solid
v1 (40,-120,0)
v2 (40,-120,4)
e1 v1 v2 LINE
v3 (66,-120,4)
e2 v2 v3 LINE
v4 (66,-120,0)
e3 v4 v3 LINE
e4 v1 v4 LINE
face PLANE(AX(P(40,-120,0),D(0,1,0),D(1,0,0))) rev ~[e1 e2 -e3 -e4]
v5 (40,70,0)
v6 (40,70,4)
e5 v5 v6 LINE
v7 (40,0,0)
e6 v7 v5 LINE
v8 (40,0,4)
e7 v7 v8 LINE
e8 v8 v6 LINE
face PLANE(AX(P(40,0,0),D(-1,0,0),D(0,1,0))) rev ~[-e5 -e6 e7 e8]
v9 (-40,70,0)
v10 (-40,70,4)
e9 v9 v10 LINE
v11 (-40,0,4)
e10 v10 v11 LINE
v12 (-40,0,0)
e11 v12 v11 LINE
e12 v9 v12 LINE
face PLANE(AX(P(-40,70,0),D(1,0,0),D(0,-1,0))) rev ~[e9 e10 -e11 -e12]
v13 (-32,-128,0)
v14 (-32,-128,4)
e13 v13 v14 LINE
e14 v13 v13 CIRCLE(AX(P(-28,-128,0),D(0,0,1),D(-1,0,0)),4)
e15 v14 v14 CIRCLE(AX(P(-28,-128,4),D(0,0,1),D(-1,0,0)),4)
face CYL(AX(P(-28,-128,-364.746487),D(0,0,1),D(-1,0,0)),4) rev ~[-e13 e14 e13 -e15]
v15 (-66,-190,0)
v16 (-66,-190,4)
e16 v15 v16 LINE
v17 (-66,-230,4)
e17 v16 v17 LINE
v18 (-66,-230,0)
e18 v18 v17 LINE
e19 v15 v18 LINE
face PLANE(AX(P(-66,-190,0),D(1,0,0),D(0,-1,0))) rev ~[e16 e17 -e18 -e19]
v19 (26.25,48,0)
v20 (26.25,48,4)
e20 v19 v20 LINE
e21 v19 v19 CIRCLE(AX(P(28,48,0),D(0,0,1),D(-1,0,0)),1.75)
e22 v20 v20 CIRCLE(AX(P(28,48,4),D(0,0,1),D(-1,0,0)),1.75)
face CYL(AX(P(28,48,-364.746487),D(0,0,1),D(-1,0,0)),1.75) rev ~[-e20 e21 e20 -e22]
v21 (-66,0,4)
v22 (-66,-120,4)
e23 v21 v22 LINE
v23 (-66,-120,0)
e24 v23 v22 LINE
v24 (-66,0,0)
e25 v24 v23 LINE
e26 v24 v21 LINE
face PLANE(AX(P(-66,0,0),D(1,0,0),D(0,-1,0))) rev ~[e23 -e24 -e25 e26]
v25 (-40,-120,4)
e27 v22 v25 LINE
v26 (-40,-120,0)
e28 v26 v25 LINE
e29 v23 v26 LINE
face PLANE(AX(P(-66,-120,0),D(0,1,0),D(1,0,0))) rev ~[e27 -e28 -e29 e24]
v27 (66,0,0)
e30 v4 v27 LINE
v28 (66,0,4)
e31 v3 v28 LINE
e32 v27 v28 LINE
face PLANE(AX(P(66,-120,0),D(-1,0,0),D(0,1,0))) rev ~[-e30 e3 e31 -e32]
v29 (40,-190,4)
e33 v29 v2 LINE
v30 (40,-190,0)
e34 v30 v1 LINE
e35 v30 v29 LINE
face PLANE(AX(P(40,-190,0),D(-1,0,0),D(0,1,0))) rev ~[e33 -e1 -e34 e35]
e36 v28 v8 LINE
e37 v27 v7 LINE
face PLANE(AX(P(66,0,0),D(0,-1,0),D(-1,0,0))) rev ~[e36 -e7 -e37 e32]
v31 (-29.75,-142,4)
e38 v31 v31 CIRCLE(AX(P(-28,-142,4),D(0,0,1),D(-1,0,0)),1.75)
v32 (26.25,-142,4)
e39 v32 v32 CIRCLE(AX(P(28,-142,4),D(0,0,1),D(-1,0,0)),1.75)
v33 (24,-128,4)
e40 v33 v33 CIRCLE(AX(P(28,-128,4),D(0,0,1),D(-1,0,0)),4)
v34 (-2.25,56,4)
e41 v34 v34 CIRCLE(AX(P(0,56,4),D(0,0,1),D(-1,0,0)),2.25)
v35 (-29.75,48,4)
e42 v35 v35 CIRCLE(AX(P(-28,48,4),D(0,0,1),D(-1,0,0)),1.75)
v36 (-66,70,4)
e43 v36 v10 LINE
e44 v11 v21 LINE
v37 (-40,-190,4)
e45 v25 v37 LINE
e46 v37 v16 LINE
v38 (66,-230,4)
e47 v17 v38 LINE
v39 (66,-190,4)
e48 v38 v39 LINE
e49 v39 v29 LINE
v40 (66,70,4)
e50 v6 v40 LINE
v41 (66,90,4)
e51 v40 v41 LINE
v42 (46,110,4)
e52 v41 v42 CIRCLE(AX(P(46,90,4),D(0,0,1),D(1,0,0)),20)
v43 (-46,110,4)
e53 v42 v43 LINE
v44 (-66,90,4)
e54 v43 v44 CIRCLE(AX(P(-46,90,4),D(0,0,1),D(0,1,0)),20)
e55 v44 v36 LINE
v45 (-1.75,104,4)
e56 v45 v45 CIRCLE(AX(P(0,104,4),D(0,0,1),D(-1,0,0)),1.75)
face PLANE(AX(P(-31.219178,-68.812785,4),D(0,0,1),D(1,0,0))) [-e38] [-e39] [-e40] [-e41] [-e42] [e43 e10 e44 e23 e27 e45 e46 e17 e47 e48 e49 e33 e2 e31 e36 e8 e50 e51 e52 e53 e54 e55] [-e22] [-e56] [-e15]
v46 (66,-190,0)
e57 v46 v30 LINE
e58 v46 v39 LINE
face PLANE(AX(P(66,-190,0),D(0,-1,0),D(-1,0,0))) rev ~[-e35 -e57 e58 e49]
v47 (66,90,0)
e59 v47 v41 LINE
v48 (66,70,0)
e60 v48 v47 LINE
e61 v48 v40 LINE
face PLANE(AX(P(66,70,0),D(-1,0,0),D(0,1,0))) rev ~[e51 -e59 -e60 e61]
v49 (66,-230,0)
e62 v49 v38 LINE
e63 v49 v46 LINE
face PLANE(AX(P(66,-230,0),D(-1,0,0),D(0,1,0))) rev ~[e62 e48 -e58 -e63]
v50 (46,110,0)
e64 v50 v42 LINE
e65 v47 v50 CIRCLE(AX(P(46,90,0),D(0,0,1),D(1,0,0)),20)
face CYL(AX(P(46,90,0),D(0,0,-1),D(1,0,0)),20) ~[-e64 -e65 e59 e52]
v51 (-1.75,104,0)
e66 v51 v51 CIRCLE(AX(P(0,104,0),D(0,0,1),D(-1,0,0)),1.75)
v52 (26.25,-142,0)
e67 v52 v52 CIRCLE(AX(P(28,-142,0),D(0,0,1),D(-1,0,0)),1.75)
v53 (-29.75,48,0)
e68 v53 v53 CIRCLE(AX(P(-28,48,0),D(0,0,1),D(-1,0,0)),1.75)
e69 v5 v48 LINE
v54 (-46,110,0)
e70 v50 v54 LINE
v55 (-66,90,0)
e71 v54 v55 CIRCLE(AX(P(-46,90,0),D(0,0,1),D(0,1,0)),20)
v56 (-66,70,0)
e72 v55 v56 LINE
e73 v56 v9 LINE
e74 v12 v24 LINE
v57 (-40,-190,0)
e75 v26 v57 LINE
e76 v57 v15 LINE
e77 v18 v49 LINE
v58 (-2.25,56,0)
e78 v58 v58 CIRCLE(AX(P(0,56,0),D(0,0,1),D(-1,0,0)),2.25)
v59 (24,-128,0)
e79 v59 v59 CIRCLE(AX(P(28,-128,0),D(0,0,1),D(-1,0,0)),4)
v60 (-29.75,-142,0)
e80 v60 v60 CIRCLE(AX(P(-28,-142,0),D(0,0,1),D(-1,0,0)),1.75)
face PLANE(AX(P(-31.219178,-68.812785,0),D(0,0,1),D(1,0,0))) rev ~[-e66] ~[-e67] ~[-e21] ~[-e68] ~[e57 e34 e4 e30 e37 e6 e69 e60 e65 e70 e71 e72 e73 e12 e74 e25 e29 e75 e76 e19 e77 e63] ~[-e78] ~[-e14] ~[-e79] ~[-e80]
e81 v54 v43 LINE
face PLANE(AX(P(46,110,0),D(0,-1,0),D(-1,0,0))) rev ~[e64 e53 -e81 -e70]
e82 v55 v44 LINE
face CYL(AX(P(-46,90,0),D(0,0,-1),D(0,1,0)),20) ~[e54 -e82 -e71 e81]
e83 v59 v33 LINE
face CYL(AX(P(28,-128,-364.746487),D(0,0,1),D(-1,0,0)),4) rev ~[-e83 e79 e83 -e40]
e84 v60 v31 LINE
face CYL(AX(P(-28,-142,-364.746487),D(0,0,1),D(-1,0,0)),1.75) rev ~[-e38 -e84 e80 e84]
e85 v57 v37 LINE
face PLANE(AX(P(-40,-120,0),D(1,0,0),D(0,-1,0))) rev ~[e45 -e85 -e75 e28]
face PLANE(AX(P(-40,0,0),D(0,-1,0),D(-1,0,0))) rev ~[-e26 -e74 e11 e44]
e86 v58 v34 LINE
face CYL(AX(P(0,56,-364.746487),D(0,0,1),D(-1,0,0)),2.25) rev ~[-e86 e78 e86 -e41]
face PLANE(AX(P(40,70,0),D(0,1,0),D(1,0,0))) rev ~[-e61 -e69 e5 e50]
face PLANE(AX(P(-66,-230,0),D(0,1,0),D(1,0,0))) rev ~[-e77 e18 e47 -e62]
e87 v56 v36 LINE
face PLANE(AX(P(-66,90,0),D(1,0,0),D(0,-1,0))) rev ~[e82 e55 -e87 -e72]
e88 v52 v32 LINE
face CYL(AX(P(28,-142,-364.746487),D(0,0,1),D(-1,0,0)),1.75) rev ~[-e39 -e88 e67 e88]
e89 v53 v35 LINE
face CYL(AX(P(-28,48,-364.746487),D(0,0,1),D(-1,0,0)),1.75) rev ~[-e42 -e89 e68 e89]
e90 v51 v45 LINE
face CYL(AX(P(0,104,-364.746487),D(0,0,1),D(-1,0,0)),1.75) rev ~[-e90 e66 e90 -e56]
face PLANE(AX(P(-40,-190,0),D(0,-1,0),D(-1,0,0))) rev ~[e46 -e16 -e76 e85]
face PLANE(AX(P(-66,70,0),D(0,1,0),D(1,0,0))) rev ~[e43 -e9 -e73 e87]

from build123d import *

# Parameters (mm, degrees)
F1_DEPTH = 4
F2_D     = 8
F3_D     = 3.5
F4_D     = 8
F5_D     = 3.5
F6_D     = 4.5
F7_D     = 3.5


with BuildPart() as f1:
    # F0 (on Top) → F1 (new body)
    with BuildSketch(Plane.XY):
        Polygon((-40, 90), (-66, 90), (-66, 70), (-41.2157141343, 70), (-40, 70), (-40, 62.8748962879), (-40, 56), (-40, 48), (-40, 0), (-66, 0), (-66, -120), (-40, -120), (-40, -128), (-40, -135.5958282948), (-40, -142), (-40, -190), (-66, -190), (-66, -230), (0, -230), (0, 56), (0, 62.8748962879), (0, 90), align=None)
        Polygon((66, 90), (0, 90), (0, 62.8748962879), (0, 56), (0, -230), (66, -230), (66, -190), (40, -190), (40, -142), (40, -128), (40, -120), (66, -120), (66, 0), (40, 0), (40, 48), (40, 70), (66, 70), align=None)
        with BuildLine():
            Line((0, 104), (0, 90))
            Line((0, 90), (66, 90))
            ThreePointArc((66, 90), (60.1421356237, 104.1421356237), (46, 110))
            Line((46, 110), (40, 110))
            Line((40, 110), (0, 110))
            Line((0, 110), (0, 104))
        make_face()
        Polygon((-40, 110), (-40, 90), (0, 90), (0, 104), (0, 110), (-6.6373916343, 110), align=None)
        with BuildLine():
            ThreePointArc((-46, 110), (-60.1421356237, 104.1421356237), (-66, 90))
            Line((-66, 90), (-40, 90))
            Line((-40, 90), (-40, 110))
            Line((-40, 110), (-46, 110))
        make_face()
    extrude(amount=F1_DEPTH)

    # F2 (through all)
    with Locations(Plane(origin=(0, 0, 0), x_dir=(1, 0, 0), z_dir=(0, 0, -1))):
        with Locations((-28, 128)):
            Hole(F2_D / 2)

    # F3 (through all)
    with Locations(Plane(origin=(0, 0, 0), x_dir=(1, 0, 0), z_dir=(0, 0, -1))):
        with Locations((-28, 142), (28, 142)):
            Hole(F3_D / 2)

    # F4 (through all)
    with Locations(Plane(origin=(0, 0, 0), x_dir=(1, 0, 0), z_dir=(0, 0, -1))):
        with Locations((28, 128)):
            Hole(F4_D / 2)

    # F5 (through all)
    with Locations(Plane(origin=(0, 0, 0), x_dir=(1, 0, 0), z_dir=(0, 0, -1))):
        with Locations((-28, -48), (28, -48)):
            Hole(F5_D / 2)

    # F6 (through all)
    with Locations(Plane(origin=(0, 0, 0), x_dir=(1, 0, 0), z_dir=(0, 0, -1))):
        with Locations((0, -56)):
            Hole(F6_D / 2)

    # F7 (through all)
    with Locations(Plane(origin=(0, 0, 0), x_dir=(1, 0, 0), z_dir=(0, 0, -1))):
        with Locations((0, -104)):
            Hole(F7_D / 2)


solid = f1.part
